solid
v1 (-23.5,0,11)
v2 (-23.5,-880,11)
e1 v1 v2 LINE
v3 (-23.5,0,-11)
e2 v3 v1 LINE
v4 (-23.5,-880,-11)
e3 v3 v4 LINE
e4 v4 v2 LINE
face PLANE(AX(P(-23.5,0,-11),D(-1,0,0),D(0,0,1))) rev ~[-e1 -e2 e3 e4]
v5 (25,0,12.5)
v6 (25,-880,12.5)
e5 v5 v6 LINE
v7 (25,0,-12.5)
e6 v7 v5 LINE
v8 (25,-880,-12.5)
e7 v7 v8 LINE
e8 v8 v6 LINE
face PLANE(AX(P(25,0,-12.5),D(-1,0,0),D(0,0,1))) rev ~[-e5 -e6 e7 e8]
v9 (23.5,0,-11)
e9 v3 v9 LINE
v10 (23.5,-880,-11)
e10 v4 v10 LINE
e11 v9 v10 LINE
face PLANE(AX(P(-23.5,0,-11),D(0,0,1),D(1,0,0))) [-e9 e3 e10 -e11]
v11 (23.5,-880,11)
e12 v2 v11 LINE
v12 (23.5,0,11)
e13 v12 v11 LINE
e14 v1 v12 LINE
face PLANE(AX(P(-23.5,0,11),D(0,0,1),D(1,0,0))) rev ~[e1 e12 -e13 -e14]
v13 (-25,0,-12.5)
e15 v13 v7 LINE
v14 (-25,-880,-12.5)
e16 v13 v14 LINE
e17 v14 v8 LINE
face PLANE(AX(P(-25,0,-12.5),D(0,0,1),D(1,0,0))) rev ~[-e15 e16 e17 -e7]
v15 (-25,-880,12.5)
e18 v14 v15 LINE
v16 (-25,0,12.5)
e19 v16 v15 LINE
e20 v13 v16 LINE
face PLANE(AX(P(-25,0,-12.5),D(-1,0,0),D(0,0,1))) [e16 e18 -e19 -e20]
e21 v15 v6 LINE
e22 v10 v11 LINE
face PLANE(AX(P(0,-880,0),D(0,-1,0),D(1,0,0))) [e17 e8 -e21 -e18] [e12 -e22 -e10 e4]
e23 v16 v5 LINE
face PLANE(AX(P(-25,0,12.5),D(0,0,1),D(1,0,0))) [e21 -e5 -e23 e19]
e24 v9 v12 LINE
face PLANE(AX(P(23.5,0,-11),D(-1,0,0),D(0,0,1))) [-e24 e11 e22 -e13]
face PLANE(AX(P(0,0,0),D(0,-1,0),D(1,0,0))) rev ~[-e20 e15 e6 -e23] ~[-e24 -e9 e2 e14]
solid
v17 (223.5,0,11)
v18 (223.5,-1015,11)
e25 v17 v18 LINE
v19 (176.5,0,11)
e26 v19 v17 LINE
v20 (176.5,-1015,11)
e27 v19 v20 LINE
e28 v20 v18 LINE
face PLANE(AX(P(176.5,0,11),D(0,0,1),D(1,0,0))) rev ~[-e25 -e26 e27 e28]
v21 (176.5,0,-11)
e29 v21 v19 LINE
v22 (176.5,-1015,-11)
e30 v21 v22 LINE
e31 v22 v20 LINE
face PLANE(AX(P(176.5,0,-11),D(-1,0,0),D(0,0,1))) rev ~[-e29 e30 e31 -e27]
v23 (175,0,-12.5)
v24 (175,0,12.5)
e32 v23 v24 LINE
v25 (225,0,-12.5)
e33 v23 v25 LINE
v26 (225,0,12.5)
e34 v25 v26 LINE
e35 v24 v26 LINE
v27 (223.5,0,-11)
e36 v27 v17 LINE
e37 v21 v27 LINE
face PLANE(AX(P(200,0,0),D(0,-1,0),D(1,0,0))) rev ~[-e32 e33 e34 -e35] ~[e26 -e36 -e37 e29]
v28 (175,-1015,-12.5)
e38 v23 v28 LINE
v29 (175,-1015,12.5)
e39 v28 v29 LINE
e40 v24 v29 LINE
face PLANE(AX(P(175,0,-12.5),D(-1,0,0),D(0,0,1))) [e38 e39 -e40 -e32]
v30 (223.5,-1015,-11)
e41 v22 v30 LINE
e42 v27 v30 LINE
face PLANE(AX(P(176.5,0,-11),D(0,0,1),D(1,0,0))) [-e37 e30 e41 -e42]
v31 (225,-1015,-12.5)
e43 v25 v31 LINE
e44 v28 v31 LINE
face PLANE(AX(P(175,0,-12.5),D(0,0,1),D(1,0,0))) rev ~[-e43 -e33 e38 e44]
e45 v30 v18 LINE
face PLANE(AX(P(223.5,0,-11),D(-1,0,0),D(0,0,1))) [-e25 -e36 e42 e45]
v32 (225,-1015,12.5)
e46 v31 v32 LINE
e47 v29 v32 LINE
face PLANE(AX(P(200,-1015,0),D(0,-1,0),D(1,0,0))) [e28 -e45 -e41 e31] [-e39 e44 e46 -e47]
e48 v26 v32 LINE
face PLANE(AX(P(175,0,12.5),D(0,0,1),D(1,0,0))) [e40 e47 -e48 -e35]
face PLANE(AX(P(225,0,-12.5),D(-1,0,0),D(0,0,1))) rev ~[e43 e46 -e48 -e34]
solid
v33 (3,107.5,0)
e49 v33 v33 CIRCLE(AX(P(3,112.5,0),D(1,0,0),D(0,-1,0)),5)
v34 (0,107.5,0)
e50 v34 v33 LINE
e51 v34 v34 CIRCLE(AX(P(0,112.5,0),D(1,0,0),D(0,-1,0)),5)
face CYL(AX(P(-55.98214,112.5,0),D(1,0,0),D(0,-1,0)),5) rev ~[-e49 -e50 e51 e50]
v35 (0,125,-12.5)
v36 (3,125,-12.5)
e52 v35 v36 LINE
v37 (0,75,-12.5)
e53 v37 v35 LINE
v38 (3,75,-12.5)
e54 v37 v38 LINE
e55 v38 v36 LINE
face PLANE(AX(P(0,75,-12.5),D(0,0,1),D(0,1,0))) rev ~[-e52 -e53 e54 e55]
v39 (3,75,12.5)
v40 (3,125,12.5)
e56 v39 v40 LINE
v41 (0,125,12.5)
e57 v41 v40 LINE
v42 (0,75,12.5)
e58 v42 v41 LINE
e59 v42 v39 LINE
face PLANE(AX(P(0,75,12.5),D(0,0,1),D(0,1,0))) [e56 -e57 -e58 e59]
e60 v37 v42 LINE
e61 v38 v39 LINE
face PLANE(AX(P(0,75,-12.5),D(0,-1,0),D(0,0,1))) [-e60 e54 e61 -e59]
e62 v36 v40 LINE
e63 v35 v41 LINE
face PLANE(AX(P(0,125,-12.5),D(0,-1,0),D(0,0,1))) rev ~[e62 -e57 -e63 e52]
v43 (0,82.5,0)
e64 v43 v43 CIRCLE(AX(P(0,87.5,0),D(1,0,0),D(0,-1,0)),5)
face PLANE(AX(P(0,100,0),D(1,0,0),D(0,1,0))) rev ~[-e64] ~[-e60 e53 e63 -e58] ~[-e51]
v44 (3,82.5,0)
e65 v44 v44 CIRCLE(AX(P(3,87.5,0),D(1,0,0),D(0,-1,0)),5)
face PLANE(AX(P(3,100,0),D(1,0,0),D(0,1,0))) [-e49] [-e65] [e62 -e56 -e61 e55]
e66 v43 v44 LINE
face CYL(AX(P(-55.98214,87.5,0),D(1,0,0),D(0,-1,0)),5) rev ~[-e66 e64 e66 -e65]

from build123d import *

# Parameters (mm, degrees)
F0_W     = 50
F0_H     = 25
F0_W_2   = 47
F0_H_2   = 22
F1_DEPTH = 880
F2_W     = 50
F2_H     = 25
F3_DEPTH = 3
F4_D     = 10
F5_W     = 50
F5_H     = 25
F5_W_2   = 47
F5_H_2   = 22
F6_DEPTH = 1015


with BuildPart() as f1:
    # F0 (on Front) → F1 (new body)
    with BuildSketch(Plane.XZ):
        Rectangle(F0_W, F0_H)
        Rectangle(F0_W_2, F0_H_2, mode=Mode.SUBTRACT)
    extrude(amount=F1_DEPTH)


with BuildPart() as f3:
    # F2 (on Right) → F3 (new body)
    with BuildSketch(Plane.YZ):
        with Locations((100, 0)):
            Rectangle(F2_W, F2_H)
    extrude(amount=F3_DEPTH)

    # F4 (through all)
    with Locations(Plane(origin=(0, 0, 0), x_dir=(0, 1, 0), z_dir=(-1, 0, 0))):
        with Locations((87.5, 0), (112.5, 0)):
            Hole(F4_D / 2)


with BuildPart() as f6:
    # F5 (on Front) → F6 (new body)
    with BuildSketch(Plane.XZ):
        with Locations((200, 0)):
            Rectangle(F5_W, F5_H)
        with Locations((200, 0)):
            Rectangle(F5_W_2, F5_H_2, mode=Mode.SUBTRACT)
    extrude(amount=F6_DEPTH)


solid = Compound([f1.part, f3.part, f6.part])
